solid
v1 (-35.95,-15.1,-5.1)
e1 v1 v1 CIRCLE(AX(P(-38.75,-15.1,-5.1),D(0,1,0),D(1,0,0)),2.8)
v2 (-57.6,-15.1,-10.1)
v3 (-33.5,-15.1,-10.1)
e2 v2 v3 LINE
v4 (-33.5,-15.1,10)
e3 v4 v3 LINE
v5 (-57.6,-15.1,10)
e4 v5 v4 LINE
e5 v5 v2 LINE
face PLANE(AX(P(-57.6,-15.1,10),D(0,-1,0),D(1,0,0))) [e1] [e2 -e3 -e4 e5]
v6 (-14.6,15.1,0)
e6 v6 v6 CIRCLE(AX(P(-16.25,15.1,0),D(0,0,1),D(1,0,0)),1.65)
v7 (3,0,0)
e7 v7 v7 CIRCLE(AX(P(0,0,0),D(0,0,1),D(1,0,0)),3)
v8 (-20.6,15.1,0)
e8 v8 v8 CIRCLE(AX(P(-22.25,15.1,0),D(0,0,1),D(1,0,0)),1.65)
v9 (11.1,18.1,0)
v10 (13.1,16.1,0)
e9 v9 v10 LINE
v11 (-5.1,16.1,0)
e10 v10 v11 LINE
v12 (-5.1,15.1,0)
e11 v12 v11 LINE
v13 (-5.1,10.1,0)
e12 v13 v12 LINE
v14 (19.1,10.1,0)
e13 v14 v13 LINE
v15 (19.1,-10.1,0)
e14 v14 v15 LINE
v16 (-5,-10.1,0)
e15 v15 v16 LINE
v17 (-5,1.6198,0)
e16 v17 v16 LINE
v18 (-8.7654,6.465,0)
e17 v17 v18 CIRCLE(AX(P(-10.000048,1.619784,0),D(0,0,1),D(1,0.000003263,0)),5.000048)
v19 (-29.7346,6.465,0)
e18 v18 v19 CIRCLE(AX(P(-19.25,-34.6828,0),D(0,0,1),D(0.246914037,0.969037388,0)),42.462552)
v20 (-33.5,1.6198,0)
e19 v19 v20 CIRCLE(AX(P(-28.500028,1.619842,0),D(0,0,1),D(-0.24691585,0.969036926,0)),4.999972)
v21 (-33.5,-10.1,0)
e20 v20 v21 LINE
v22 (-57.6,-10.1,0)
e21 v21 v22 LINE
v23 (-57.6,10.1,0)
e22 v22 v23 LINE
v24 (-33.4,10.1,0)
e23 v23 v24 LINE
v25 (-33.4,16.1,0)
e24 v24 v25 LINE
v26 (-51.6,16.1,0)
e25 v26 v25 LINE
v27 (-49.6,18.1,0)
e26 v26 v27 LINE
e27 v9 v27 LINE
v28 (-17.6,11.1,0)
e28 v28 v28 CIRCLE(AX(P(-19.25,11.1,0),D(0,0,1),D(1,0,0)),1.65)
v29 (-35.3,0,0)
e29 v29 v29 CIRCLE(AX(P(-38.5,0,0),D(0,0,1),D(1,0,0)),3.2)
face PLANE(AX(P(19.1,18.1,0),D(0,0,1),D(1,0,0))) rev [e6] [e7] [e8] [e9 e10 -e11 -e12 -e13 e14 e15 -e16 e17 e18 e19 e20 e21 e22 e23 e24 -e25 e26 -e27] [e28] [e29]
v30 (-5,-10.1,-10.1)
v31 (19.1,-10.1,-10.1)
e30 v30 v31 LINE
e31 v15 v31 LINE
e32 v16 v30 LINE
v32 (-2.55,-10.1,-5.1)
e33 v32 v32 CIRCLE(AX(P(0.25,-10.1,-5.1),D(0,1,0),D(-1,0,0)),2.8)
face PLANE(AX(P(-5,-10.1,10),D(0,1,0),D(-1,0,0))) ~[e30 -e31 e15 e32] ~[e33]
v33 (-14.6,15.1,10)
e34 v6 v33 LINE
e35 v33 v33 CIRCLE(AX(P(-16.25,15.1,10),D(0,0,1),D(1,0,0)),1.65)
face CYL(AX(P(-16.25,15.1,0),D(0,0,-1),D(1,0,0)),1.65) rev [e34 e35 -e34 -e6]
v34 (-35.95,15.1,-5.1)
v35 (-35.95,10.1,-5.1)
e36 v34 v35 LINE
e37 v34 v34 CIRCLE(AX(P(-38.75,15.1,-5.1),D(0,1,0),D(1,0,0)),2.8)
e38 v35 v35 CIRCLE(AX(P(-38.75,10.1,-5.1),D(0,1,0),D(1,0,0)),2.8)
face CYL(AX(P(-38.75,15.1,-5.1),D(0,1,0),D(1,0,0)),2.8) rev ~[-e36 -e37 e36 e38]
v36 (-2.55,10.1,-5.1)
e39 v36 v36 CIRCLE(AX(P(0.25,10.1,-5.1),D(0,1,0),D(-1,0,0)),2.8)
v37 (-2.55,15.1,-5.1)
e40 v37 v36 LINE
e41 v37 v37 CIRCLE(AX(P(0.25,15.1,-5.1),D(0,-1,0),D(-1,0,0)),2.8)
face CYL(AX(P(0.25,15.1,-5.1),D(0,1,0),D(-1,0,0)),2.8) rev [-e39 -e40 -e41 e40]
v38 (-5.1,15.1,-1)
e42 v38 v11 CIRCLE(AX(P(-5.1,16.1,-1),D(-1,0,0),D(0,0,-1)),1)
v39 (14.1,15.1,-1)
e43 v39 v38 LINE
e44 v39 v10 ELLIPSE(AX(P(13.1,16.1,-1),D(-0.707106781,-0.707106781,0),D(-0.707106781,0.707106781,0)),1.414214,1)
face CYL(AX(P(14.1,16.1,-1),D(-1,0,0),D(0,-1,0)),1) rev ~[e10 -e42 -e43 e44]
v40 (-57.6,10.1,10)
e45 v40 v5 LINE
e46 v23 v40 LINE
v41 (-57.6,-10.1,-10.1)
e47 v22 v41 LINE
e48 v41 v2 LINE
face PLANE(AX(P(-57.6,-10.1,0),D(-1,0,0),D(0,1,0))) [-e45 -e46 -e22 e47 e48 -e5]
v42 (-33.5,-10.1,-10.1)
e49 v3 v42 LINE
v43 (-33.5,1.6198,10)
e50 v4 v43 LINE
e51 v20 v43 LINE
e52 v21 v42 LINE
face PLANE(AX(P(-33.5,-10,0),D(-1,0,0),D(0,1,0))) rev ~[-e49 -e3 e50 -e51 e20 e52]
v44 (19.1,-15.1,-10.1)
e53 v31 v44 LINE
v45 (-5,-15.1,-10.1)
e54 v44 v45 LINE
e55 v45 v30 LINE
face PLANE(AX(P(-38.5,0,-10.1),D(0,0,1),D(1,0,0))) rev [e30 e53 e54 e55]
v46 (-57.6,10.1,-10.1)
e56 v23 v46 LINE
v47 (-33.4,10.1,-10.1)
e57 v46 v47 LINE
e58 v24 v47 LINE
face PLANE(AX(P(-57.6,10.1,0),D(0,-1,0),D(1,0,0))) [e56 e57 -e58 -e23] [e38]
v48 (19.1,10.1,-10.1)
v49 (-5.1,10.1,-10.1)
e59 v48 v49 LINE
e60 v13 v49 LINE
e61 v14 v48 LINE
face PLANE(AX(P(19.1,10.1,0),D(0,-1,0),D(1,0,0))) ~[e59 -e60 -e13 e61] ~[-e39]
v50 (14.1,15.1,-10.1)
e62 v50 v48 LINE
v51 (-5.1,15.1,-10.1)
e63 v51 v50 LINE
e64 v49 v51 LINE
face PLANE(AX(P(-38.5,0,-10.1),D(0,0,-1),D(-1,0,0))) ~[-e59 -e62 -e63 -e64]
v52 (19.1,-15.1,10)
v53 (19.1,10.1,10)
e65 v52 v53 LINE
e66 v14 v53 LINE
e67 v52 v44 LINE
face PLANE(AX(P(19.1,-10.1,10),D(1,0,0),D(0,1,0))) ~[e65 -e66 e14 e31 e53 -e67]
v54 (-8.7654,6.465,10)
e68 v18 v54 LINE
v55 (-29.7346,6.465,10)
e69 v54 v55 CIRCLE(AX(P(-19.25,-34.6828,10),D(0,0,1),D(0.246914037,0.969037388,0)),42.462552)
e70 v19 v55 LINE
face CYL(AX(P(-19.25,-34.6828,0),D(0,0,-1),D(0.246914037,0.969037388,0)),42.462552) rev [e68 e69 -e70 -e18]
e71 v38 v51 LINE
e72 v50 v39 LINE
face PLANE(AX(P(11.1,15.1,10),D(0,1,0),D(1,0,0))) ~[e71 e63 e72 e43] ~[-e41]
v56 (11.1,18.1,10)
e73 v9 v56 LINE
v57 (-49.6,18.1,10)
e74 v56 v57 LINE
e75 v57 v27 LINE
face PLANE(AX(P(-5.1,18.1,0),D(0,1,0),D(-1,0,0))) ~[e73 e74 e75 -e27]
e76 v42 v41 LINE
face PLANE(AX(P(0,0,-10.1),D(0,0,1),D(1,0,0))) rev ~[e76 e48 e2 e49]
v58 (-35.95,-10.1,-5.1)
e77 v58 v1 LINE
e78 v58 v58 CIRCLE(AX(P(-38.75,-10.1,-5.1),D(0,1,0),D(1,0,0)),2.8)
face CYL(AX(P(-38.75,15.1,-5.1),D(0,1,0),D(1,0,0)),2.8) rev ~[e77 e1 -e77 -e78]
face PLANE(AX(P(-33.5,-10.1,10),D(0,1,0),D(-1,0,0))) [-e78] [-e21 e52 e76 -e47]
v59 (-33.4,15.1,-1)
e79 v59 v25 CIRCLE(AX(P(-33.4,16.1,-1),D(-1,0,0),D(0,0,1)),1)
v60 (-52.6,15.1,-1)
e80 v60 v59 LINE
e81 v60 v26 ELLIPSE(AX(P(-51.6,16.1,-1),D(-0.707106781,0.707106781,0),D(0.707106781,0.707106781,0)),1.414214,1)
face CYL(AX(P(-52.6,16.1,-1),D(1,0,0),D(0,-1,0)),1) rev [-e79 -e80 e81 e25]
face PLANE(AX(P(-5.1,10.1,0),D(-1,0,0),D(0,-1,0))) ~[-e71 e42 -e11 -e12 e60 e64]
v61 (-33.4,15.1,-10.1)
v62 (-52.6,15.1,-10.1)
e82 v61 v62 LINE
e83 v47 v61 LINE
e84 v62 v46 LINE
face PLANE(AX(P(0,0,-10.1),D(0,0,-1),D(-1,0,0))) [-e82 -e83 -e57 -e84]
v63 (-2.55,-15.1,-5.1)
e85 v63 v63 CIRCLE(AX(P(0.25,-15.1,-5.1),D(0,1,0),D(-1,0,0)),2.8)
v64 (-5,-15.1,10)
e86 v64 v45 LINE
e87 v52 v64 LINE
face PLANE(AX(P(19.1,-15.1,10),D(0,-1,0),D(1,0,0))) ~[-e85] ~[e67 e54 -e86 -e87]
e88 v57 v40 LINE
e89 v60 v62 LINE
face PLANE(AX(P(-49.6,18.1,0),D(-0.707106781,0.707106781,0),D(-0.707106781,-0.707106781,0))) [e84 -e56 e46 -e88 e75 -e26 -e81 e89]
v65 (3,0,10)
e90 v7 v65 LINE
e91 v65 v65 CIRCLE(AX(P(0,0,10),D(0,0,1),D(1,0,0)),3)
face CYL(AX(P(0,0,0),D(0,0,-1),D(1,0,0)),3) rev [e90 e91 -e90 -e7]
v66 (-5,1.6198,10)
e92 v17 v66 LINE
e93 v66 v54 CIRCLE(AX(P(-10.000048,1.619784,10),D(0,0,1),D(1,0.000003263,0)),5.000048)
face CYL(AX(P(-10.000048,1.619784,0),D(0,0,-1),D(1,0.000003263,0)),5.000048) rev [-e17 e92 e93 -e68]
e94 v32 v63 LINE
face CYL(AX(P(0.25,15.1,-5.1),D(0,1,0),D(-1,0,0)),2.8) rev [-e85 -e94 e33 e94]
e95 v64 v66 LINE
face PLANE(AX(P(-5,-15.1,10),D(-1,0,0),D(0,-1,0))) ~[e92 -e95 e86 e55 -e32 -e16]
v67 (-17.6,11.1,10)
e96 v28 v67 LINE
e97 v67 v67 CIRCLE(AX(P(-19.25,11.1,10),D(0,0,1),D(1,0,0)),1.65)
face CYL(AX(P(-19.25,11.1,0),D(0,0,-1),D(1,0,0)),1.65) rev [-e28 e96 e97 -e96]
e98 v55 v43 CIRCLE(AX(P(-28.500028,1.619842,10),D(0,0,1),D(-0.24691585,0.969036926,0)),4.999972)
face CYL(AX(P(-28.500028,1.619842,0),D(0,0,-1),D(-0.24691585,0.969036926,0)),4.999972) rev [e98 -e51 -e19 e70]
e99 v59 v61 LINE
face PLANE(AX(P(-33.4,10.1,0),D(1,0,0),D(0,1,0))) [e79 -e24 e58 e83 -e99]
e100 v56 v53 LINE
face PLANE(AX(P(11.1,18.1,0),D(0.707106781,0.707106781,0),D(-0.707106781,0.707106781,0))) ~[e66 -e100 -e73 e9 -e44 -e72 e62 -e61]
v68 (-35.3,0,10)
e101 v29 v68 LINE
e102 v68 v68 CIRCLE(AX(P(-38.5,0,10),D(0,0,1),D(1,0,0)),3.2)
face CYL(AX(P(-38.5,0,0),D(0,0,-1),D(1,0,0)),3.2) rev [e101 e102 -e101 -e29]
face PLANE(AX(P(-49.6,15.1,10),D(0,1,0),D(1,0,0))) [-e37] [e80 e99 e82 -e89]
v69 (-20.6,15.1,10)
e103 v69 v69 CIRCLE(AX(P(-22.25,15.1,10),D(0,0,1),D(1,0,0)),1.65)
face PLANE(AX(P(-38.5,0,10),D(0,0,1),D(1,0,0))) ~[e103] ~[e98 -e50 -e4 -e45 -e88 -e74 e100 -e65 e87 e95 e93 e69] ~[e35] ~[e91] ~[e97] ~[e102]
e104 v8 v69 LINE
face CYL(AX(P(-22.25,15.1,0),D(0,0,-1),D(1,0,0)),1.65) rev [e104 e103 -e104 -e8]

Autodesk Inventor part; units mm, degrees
ref_plane "YZ Plane" through (0, 0, 0) normal (1, 0, 0) x (0, 1, 0)
sketch "Sketch1" plane through (0, 0, 0) normal (0, 0, 1) x (1, 0, 0)
  circle A0 centre (0, 0) radius 3.1 construction
  line L0 (-5, 10) -> (-5, -10) projected
  line L1 (-5, -10) -> (19.1, -10) construction
  line L2 (19.1, -10) -> (19.1, 10) projected
  line L3 (19.1, 10) -> (-5, 10) construction
  line L4 (-33.5, -10) -> (-33.5, 10) projected
  line L5 (-33.5, 10) -> (-57.6, 10) construction
  line L6 (-57.6, -10) -> (-57.6, 10) projected
  line L7 (-57.6, -10) -> (-33.5, -10) construction
  circle A1 centre (-38.5, 0) radius 3.1 construction
  line L8 (-25.05, 5.3172) -> (-13.45, 5.3172) projected
  line L9 (19.1, -10.1) -> (-5, -10.1)
  line L10 (-5, -10.1) -> (-5, 1.6198)
  line L11 (-5, 10.1) -> (19.1, 10.1)
  line L12 (19.1, 10.1) -> (19.1, -10.1)
  line L13 (-33.5, -10.1) -> (-57.6, -10.1)
  line L14 (-57.6, -10.1) -> (-57.6, 10.1)
  line L15 (-57.6, 10.1) -> (-33.5, 10.1)
  line L16 (-33.5, 1.6198) -> (-33.5, -10.1)
  circle A2 centre (-38.5, 0) radius 3.2
  circle A3 centre (0, 0) radius 3
  arc A4 (-8.7654, 6.465) -> (-29.7346, 6.465) centre (-19.25, -34.6828) ccw
  line L17 (11.1, 18.1) -> (-49.6, 18.1)
  line L18 (-19.25, 5.3172) -> (-19.25, 9.0349) construction
  circle A5 centre (-16.25, 15.1) radius 1.65
  circle A6 centre (-22.25, 15.1) radius 1.65
  line L19 (11.1, 18.1) -> (19.1, 10.1)
  line L20 (-49.6, 18.1) -> (-57.6, 10.1)
  arc A7 (-29.7346, 6.465) -> (-33.5, 1.6198) centre (-28.5, 1.6198) ccw
  arc A8 (-5, 1.6198) -> (-8.7654, 6.465) centre (-10, 1.6198) ccw
  circle A9 centre (-19.25, 11.1) radius 1.65
  circle A10 centre (-19.25, 11.1) radius 1.65
  point P0 (0, 0)
  point P1 (-5, 5.3172)
  point P2 (-33.5, 5.3172)
  point P3 (-19.25, 18.1)
  point P4 (-5, 5.3172)
  point P5 (19.1, 10)
  point P6 (-33.5, 1.6198)
  point P7 (-5, 1.6198)
  dimension "d0" = 0.1
  dimension "d1" = 0.1
  dimension "d2" = 0.1
  dimension "d3" = 0.1
  dimension "d4" = 0.1
  dimension "d5" = 0.1
  dimension "d7" = 40
  dimension "d9" = 8
  dimension "d10" = 3
  dimension "d11" = 3.3
  dimension "d12" = 3
  dimension "d13" = 45
  dimension "d16" = 5
  dimension "d17" = 3.3
  dimension "d19" = 7
extrude "Extrusion1" add sketch "Sketch1" along normal blind 10
ref_plane "Work Plane1" through (-43.1, -10, -10.1) normal (0, 0, -1) x (0, 1, 0)
sketch "Sketch3" plane through (0, 0, 10) normal (0, 0, 1) x (1, 0, 0)
  line L0 (-33.5, -10.1) -> (-33.5, 1.6198) projected
  line L1 (-33.5, -10.1) -> (-57.6, -10.1)
  line L2 (-57.6, -10.1) -> (-57.6, -15.1)
  line L3 (-57.6, -15.1) -> (-33.5, -15.1)
  line L4 (-33.5, -15.1) -> (-33.5, -10.1)
  line L5 (-57.6, 10.1) -> (-57.6, -10.1) projected
  point P0 (0, 0)
  dimension "d25" = 5
extrude "Extrusion3" add sketch "Sketch3" against normal up to surface (20.1 mm away)
sketch "Sketch4" plane through (0, 0, 0) normal (0, 0, -1) x (-1, 0, 0)
  line L0 (33.5, -10) -> (33.5, 10) construction
  line L1 (33.5, 10) -> (57.6, 10) construction
  line L2 (57.6, -10) -> (57.6, 10) construction
  line L3 (57.6, -10) -> (33.5, -10) construction
  circle A0 centre (38.5, 0) radius 3.1 construction
  line L4 (-19.1, -10.1) -> (-19.1, 10.1) construction
  line L5 (5, -10.1) -> (-19.1, -10.1) construction
  line L6 (5, 1.6198) -> (5, -10.1) construction
  arc A1 (8.7654, 6.465) -> (5, 1.6198) centre (10, 1.6198) ccw construction
  arc A2 (29.7346, 6.465) -> (8.7654, 6.465) centre (19.25, -34.6828) ccw construction
  arc A3 (33.5, 1.6198) -> (29.7346, 6.465) centre (28.5, 1.6198) ccw construction
  line L7 (33.5, -10.1) -> (33.5, 1.6198) construction
  line L8 (57.6, -10.1) -> (33.5, -10.1) construction
  line L9 (57.6, 10.1) -> (57.6, -10.1) construction
  line L10 (49.6, 18.1) -> (57.6, 10.1) projected
  line L11 (-11.1, 18.1) -> (49.6, 18.1) construction
  line L12 (-19.1, 10.1) -> (-11.1, 18.1) construction
  circle A4 centre (19.25, 11.1) radius 1.65 construction
  circle A5 centre (16.25, 15.1) radius 1.65 construction
  circle A6 centre (0, 0) radius 3 construction
  circle A7 centre (38.5, 0) radius 3.2 construction
  circle A8 centre (22.25, 15.1) radius 1.65 construction
  line L13 (57.7, 10.1) -> (33.4, 10.1)
  line L14 (33.4, 10.1) -> (33.4, -10.1) construction
  line L15 (33.4, -10.1) -> (57.7, -10.1) construction
  line L16 (57.7, -10.1) -> (57.7, 10.1) construction
  line L17 (33.4, 10.1) -> (33.4, 18.1)
  line L18 (-11.1, 18.1) -> (49.6, 18.1) projected
  line L19 (49.6, 18.1) -> (57.6, 10.1) projected
  line L20 (33.4, 18.1) -> (49.6, 18.1)
  point P0 (0, 0)
  dimension "d28" = 0.1
ref_plane "Work Plane2" through (-43.1, -10, -10.1) normal (0, 0, -1) x (0, 1, 0)
extrude "Extrusion4" add sketch "Sketch4" along normal up to surface (10.1 mm away)
sketch "Sketch5" plane through (-49.6, 18.1, 10) normal (0, 1, 0) x (1, 0, 0)
  line L0 (16.1, 20.1) -> (16.1, 10.1) construction
  line L1 (-8, 10.1) -> (16.1, 10.1) construction
  line L2 (-8, 302.9) -> (-8, 10.1) construction
  line L3 (-8, 302.9) -> (68.7, 302.9) construction
  line L4 (68.7, 10.1) -> (68.7, 302.9) construction
  line L5 (44.6, 10.1) -> (68.7, 10.1) construction
  line L6 (44.6, 10.1) -> (44.6, 20.1) construction
  line L7 (44.6, 20.1) -> (54.2, 20.1) construction
  arc A0 (54.2, 20.1) -> (59.2, 25.1) centre (54.2, 25.1) ccw construction
  line L8 (59.2, 175.1) -> (59.2, 25.1) construction
  arc A1 (59.2, 175.1) -> (54.2, 180.1) centre (54.2, 175.1) ccw construction
  line L9 (6.5, 180.1) -> (54.2, 180.1) construction
  arc A2 (6.5, 180.1) -> (1.5, 175.1) centre (6.5, 175.1) ccw construction
  line L10 (1.5, 25.1) -> (1.5, 175.1) construction
  arc A3 (1.5, 25.1) -> (6.5, 20.1) centre (6.5, 25.1) ccw construction
  line L11 (16.1, 20.1) -> (6.5, 20.1) construction
  circle A4 centre (63.7, 292.9) radius 2.15 construction
  circle A5 centre (-3, 273) radius 2.15 construction
  circle A6 centre (-3, 292.9) radius 2.15 construction
  circle A7 centre (63.7, 273) radius 2.15 construction
  circle A8 centre (10.85, 15.1) radius 2.5 construction
  circle A9 centre (49.85, 15.1) radius 2.5 construction
  line L12 (-8, 10) -> (-8, 20.1) projected
  line L13 (16.2, 10) -> (16.2, 20.1) projected
  line L14 (-8, 10) -> (16.2, 10)
  line L15 (16.2, 10) -> (16.2, 20.1)
  line L16 (16.2, 20.1) -> (-8, 20.1)
  line L17 (-8, 20.1) -> (-8, 10)
  point P0 (49.6, 10)
extrude "Extrusion5" cut sketch "Sketch5" against normal blind 3
sketch "Sketch6" plane through (-49.6, 15.1, 10) normal (0, 1, 0) x (1, 0, 0)
  circle A0 centre (10.85, 15.1) radius 2.5 construction
  circle A1 centre (10.85, 15.1) radius 2.8
  point P0 (49.6, 10)
  dimension "d33" = 0.3
extrude "Extrusion6" cut sketch "Sketch6" against normal through all
fillet "Fillet2" radius 1 1 edges at (-43, 15.1, 0)
ref_plane "Work Plane3" through (-19.25, -15.1, 10) normal (-1, 0, 0) x (0, 0, 1)
mirror "Mirror1" about plane through (-19.25, -15.1, 10) normal (-1, 0, 0) of "Extrusion3", "Extrusion4", "Extrusion5", "Extrusion6", "Fillet2"
ref_plane "Work Plane4" through (4.6, -10, -10.1) normal (0, 0, 1) x (0, 1, 0)
equation "\"d17\" = d11"
properties part number "pivot module base"
